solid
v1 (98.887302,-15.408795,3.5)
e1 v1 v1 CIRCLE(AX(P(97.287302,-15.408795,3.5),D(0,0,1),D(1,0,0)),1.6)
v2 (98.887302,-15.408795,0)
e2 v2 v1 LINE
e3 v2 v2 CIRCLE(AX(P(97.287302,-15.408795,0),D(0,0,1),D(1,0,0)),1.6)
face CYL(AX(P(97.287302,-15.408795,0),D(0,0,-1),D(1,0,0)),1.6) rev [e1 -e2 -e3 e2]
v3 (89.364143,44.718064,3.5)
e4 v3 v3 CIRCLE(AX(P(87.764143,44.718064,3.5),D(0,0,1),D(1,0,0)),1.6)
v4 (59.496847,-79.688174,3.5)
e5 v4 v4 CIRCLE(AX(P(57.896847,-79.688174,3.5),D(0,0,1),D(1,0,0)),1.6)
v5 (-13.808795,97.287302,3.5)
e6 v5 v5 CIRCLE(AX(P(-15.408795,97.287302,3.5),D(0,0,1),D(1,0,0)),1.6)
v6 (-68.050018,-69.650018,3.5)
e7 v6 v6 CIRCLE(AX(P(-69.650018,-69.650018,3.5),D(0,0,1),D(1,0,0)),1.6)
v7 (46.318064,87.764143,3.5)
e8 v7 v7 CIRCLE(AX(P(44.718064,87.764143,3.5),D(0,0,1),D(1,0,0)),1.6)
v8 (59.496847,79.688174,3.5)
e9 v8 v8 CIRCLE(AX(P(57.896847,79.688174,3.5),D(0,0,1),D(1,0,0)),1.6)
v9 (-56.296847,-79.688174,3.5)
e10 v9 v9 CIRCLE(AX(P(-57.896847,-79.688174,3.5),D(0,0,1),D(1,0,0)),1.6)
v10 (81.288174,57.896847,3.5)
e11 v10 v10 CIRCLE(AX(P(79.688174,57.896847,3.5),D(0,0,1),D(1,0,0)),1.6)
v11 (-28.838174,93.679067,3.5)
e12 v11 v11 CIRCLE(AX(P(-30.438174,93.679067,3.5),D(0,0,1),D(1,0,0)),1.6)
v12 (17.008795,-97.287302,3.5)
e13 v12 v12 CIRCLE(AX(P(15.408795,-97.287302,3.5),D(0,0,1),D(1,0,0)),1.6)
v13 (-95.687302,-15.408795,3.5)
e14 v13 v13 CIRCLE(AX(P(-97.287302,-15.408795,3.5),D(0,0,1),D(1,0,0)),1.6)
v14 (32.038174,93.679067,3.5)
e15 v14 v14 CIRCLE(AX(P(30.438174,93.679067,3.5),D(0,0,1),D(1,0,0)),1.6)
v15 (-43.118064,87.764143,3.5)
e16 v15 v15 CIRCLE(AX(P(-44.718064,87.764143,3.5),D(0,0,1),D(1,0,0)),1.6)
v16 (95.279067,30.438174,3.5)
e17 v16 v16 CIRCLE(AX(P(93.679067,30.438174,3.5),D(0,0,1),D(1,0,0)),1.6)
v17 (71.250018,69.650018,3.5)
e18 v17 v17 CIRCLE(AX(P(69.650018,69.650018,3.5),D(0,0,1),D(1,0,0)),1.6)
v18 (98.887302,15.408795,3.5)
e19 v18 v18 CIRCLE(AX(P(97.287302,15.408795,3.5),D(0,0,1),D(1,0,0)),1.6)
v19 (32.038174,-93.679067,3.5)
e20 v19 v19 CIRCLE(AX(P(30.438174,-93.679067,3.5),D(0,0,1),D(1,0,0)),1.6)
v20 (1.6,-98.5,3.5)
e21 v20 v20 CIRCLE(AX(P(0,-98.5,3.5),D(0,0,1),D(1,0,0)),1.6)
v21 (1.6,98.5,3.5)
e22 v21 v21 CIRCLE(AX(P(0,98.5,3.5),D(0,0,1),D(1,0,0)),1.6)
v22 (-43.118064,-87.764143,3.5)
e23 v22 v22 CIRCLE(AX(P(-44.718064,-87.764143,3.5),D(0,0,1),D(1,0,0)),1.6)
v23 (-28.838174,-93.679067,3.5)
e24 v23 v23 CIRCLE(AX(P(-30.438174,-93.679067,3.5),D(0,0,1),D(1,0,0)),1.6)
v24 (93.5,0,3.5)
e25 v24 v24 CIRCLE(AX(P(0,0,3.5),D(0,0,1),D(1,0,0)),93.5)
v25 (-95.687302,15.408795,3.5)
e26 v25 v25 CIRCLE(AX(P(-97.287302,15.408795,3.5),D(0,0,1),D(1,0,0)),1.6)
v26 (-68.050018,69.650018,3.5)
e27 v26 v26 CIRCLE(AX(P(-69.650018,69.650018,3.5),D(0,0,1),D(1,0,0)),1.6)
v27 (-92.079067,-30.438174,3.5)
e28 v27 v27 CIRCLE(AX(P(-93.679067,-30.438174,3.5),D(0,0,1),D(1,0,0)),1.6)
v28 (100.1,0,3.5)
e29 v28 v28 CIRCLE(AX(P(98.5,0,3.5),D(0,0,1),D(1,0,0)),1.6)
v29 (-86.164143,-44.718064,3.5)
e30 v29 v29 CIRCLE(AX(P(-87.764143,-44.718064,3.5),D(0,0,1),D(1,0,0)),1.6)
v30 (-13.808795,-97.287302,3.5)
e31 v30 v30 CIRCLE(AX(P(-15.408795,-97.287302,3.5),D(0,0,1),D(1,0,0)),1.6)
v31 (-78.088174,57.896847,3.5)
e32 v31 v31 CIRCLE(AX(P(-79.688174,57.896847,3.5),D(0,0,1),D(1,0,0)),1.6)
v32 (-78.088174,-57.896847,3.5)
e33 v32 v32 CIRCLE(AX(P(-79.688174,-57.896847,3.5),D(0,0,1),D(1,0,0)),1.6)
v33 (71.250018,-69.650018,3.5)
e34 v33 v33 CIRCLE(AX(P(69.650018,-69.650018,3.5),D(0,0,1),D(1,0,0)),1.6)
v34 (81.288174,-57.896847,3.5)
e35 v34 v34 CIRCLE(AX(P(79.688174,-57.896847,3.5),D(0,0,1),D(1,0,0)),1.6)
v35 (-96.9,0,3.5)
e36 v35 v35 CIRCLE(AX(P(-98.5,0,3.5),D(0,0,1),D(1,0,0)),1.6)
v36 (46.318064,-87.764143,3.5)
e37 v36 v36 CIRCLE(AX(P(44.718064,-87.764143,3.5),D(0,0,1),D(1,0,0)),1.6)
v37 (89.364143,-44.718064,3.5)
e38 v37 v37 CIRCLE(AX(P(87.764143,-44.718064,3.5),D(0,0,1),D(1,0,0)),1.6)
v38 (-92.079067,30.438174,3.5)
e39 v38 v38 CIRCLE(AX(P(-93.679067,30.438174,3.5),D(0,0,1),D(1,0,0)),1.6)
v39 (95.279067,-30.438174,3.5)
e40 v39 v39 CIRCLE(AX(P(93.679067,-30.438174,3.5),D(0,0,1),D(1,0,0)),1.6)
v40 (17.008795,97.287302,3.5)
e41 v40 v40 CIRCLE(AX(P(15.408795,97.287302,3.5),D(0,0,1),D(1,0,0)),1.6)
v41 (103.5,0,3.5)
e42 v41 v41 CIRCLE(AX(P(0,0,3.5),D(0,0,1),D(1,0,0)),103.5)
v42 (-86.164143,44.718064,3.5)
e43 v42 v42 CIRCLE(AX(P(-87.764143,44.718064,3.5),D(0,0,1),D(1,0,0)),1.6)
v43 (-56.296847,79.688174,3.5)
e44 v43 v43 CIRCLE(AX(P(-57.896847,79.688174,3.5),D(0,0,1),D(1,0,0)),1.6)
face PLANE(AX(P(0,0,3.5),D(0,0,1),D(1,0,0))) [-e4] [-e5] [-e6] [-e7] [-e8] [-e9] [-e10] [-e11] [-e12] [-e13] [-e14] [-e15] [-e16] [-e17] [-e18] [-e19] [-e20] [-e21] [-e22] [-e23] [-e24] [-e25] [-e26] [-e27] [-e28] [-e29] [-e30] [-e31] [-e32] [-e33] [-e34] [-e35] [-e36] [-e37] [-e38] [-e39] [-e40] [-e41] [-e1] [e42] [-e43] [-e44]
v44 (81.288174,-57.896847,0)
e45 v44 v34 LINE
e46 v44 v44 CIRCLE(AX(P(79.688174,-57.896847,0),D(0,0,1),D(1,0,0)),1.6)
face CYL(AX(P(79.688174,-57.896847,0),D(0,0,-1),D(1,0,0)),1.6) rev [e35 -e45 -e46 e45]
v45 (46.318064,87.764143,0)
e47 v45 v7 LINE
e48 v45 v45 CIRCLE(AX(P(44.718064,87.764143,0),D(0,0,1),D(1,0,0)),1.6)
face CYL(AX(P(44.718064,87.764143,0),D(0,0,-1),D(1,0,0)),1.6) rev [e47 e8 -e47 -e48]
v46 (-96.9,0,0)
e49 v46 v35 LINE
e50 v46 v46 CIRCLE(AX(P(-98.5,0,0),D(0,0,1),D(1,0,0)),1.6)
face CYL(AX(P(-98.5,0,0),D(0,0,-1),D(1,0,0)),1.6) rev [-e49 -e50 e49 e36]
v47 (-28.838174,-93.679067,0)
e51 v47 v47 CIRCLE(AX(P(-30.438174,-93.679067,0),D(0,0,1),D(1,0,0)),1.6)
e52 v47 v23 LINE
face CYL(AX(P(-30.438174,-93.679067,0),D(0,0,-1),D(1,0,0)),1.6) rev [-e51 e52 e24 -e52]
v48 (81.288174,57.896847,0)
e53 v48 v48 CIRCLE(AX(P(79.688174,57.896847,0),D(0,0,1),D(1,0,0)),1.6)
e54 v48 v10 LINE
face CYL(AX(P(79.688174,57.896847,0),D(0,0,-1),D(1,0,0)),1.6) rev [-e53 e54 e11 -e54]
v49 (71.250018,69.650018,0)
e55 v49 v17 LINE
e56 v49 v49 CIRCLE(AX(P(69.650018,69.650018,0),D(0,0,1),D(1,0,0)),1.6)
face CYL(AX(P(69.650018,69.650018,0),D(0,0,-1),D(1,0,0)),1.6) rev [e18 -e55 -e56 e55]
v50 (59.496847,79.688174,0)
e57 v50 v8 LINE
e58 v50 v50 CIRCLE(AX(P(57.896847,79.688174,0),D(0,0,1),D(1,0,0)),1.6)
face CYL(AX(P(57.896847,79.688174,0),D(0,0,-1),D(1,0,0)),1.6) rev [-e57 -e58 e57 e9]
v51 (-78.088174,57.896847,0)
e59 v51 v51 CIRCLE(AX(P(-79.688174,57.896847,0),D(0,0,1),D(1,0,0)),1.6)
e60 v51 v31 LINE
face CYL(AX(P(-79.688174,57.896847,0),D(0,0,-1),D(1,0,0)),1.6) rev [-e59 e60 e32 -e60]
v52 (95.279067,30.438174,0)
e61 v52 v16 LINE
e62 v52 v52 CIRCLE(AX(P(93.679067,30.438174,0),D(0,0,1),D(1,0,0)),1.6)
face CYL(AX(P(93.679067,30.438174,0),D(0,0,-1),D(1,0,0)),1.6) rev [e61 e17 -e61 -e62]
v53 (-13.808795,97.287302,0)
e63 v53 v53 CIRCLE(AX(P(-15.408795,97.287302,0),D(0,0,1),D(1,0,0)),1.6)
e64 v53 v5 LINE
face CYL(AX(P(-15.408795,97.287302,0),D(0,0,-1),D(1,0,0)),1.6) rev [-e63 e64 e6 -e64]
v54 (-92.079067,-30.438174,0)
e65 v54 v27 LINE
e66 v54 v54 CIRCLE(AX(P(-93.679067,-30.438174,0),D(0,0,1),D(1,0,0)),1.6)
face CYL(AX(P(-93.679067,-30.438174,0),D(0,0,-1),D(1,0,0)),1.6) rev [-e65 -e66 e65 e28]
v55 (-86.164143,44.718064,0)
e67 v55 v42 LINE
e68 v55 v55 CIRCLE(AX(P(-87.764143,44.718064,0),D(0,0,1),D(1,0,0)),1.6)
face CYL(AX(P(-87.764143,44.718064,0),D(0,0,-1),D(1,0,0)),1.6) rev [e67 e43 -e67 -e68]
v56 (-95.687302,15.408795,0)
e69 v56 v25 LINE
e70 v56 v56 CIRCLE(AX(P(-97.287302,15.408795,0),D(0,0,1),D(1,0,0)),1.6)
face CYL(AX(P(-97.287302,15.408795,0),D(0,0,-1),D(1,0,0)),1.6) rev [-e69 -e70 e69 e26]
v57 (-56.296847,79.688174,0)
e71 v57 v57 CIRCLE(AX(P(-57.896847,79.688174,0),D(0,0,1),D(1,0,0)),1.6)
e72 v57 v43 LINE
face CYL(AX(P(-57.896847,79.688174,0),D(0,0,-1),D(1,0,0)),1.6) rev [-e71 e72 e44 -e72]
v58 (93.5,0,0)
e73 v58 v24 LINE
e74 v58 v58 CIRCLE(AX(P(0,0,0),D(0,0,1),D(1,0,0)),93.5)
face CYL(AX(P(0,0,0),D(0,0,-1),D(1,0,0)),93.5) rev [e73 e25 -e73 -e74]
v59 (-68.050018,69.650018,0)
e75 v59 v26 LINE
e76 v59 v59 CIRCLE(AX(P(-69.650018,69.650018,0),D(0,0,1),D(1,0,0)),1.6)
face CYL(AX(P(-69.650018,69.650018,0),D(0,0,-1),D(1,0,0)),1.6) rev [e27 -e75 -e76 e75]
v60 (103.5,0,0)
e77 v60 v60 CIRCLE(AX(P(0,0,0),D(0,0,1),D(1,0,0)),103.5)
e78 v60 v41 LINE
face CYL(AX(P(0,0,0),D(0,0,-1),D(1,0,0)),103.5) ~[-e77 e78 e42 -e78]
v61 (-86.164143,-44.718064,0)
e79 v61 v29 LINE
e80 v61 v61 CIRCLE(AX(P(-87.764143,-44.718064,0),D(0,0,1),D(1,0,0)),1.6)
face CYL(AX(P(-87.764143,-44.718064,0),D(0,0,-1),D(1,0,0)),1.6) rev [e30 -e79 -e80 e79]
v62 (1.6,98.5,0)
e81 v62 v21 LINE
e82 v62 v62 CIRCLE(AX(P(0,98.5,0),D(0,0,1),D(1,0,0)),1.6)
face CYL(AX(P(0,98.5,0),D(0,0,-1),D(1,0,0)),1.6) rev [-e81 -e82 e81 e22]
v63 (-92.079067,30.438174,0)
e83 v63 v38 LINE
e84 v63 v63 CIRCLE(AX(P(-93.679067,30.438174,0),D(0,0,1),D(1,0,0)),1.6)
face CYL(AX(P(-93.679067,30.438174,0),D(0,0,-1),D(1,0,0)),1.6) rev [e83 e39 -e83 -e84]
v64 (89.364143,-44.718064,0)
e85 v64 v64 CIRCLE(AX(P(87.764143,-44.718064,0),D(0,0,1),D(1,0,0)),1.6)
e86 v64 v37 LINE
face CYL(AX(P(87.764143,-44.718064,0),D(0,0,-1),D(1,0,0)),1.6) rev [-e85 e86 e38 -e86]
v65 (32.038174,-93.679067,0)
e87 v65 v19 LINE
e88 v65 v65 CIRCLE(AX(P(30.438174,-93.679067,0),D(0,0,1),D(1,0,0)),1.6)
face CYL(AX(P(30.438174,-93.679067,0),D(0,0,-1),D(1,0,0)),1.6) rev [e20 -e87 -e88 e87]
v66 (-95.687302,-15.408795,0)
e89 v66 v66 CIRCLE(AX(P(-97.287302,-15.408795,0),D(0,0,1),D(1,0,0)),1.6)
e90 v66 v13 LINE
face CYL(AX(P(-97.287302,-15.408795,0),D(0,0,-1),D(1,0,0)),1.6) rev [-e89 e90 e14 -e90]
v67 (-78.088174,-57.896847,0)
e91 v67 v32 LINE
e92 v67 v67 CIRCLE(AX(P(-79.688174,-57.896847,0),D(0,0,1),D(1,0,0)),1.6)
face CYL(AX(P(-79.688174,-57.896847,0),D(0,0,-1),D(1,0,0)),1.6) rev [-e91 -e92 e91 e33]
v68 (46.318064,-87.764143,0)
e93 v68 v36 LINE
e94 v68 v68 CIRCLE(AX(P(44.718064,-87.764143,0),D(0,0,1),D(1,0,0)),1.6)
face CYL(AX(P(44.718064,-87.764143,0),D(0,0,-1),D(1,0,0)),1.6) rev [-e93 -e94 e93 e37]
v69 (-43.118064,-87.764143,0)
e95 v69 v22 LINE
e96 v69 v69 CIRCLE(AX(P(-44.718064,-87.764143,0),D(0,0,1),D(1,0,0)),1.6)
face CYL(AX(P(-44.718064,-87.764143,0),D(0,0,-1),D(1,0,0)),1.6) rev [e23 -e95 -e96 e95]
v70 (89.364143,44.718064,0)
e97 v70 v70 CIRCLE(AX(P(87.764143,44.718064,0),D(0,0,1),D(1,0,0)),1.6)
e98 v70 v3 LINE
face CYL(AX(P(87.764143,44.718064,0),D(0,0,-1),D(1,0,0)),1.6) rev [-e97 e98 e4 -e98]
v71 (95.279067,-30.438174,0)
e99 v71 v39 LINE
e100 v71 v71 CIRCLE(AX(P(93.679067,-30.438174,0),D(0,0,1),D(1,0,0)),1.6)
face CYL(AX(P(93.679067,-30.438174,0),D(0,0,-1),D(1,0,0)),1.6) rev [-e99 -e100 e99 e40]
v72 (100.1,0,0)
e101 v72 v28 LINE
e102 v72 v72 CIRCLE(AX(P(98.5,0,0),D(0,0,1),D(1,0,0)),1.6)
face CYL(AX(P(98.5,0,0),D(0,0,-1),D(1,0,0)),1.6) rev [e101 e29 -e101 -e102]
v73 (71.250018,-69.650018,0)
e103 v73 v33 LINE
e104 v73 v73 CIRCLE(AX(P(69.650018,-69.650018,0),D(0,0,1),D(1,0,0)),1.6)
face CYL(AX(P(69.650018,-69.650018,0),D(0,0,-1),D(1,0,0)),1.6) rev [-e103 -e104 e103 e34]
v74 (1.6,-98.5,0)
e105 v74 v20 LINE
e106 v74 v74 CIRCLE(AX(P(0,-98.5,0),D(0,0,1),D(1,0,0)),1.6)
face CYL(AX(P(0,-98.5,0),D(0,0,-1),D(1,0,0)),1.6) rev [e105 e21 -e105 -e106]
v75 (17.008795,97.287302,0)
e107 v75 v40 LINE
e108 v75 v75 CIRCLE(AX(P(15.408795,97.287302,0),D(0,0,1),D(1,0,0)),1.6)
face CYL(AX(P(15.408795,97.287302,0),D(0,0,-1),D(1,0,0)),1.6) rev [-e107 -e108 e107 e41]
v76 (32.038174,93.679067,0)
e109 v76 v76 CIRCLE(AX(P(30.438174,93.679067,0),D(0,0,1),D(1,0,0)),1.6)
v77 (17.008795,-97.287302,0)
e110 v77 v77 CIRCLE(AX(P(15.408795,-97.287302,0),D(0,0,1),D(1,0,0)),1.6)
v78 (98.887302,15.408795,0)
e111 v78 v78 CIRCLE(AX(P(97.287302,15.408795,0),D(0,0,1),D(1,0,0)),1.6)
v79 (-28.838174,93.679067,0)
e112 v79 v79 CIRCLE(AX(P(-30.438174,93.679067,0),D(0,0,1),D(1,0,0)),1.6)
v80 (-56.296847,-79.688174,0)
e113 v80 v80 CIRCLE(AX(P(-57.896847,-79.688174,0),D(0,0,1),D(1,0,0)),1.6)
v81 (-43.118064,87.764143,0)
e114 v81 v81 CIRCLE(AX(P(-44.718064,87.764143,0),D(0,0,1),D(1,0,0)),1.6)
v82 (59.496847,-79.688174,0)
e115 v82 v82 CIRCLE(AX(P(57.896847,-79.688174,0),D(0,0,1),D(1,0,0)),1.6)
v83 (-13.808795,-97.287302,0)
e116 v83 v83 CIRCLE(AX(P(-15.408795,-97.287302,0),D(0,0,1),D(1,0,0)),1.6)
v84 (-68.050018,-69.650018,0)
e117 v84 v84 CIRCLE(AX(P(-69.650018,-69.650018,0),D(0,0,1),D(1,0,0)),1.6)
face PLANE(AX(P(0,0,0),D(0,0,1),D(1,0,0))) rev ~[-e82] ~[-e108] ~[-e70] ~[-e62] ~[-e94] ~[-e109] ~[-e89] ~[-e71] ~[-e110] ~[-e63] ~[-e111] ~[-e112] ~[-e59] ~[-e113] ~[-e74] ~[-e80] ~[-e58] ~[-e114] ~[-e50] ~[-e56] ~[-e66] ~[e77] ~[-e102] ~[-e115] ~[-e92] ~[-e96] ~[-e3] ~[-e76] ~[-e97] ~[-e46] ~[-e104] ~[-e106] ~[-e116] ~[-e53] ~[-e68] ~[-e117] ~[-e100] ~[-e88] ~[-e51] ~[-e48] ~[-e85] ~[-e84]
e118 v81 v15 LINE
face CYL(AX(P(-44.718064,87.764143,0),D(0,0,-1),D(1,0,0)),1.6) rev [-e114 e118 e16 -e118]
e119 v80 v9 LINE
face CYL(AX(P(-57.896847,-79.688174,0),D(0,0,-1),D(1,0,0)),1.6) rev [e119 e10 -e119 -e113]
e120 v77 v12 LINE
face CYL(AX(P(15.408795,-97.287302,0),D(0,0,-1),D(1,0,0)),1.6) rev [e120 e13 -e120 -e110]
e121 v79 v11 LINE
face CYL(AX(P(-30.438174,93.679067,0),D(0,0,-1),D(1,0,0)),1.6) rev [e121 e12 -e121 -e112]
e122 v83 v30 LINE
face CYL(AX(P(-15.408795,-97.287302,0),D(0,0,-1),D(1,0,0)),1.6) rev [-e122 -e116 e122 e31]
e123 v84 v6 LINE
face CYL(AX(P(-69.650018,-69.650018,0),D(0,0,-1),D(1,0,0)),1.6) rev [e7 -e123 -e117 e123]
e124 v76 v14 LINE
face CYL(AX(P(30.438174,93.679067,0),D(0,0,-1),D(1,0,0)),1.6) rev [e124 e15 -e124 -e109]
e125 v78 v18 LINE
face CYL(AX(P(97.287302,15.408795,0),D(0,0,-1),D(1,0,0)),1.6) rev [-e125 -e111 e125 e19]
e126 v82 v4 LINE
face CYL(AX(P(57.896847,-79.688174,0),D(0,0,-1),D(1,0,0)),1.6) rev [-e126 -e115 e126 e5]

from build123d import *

# Parameters (mm, degrees)
SKETCH_1_R      = 103.5
SKETCH_1_R_2    = 93.5
SKETCH_1_R_3    = 1.6
EXTRUDE_1_DEPTH = 3.5


with BuildPart() as part:
    # 草图1 → 凸台-拉伸1 (new body)
    with BuildSketch(Plane.XY):
        Circle(SKETCH_1_R)
        Circle(SKETCH_1_R_2, mode=Mode.SUBTRACT)
        with Locations((0, 98.5)):
            Circle(SKETCH_1_R_3, mode=Mode.SUBTRACT)
        with Locations((15.408794806, 97.287301549)):
            Circle(SKETCH_1_R_3, mode=Mode.SUBTRACT)
        with Locations((30.438173946, 93.679066855)):
            Circle(SKETCH_1_R_3, mode=Mode.SUBTRACT)
        with Locations((44.718064224, 87.764142633)):
            Circle(SKETCH_1_R_3, mode=Mode.SUBTRACT)
        with Locations((57.896847351, 79.688173946)):
            Circle(SKETCH_1_R_3, mode=Mode.SUBTRACT)
        with Locations((69.650017947, 69.650017947)):
            Circle(SKETCH_1_R_3, mode=Mode.SUBTRACT)
        with Locations((79.688173946, 57.896847351)):
            Circle(SKETCH_1_R_3, mode=Mode.SUBTRACT)
        with Locations((87.764142633, 44.718064224)):
            Circle(SKETCH_1_R_3, mode=Mode.SUBTRACT)
        with Locations((93.679066855, 30.438173946)):
            Circle(SKETCH_1_R_3, mode=Mode.SUBTRACT)
        with Locations((97.287301549, 15.408794806)):
            Circle(SKETCH_1_R_3, mode=Mode.SUBTRACT)
        with Locations((98.5, 0)):
            Circle(SKETCH_1_R_3, mode=Mode.SUBTRACT)
        with Locations((97.287301549, -15.408794806)):
            Circle(SKETCH_1_R_3, mode=Mode.SUBTRACT)
        with Locations((93.679066855, -30.438173946)):
            Circle(SKETCH_1_R_3, mode=Mode.SUBTRACT)
        with Locations((87.764142633, -44.718064224)):
            Circle(SKETCH_1_R_3, mode=Mode.SUBTRACT)
        with Locations((79.688173946, -57.896847351)):
            Circle(SKETCH_1_R_3, mode=Mode.SUBTRACT)
        with Locations((69.650017947, -69.650017947)):
            Circle(SKETCH_1_R_3, mode=Mode.SUBTRACT)
        with Locations((57.896847351, -79.688173946)):
            Circle(SKETCH_1_R_3, mode=Mode.SUBTRACT)
        with Locations((44.718064224, -87.764142633)):
            Circle(SKETCH_1_R_3, mode=Mode.SUBTRACT)
        with Locations((30.438173946, -93.679066855)):
            Circle(SKETCH_1_R_3, mode=Mode.SUBTRACT)
        with Locations((15.408794806, -97.287301549)):
            Circle(SKETCH_1_R_3, mode=Mode.SUBTRACT)
        with Locations((0, -98.5)):
            Circle(SKETCH_1_R_3, mode=Mode.SUBTRACT)
        with Locations((-15.408794806, -97.287301549)):
            Circle(SKETCH_1_R_3, mode=Mode.SUBTRACT)
        with Locations((-30.438173946, -93.679066855)):
            Circle(SKETCH_1_R_3, mode=Mode.SUBTRACT)
        with Locations((-44.718064224, -87.764142633)):
            Circle(SKETCH_1_R_3, mode=Mode.SUBTRACT)
        with Locations((-57.896847351, -79.688173946)):
            Circle(SKETCH_1_R_3, mode=Mode.SUBTRACT)
        with Locations((-69.650017947, -69.650017947)):
            Circle(SKETCH_1_R_3, mode=Mode.SUBTRACT)
        with Locations((-79.688173946, -57.896847351)):
            Circle(SKETCH_1_R_3, mode=Mode.SUBTRACT)
        with Locations((-87.764142633, -44.718064224)):
            Circle(SKETCH_1_R_3, mode=Mode.SUBTRACT)
        with Locations((-93.679066855, -30.438173946)):
            Circle(SKETCH_1_R_3, mode=Mode.SUBTRACT)
        with Locations((-97.287301549, -15.408794806)):
            Circle(SKETCH_1_R_3, mode=Mode.SUBTRACT)
        with Locations((-98.5, 0)):
            Circle(SKETCH_1_R_3, mode=Mode.SUBTRACT)
        with Locations((-97.287301549, 15.408794806)):
            Circle(SKETCH_1_R_3, mode=Mode.SUBTRACT)
        with Locations((-93.679066855, 30.438173946)):
            Circle(SKETCH_1_R_3, mode=Mode.SUBTRACT)
        with Locations((-87.764142633, 44.718064224)):
            Circle(SKETCH_1_R_3, mode=Mode.SUBTRACT)
        with Locations((-79.688173946, 57.896847351)):
            Circle(SKETCH_1_R_3, mode=Mode.SUBTRACT)
        with Locations((-69.650017947, 69.650017947)):
            Circle(SKETCH_1_R_3, mode=Mode.SUBTRACT)
        with Locations((-57.896847351, 79.688173946)):
            Circle(SKETCH_1_R_3, mode=Mode.SUBTRACT)
        with Locations((-44.718064224, 87.764142633)):
            Circle(SKETCH_1_R_3, mode=Mode.SUBTRACT)
        with Locations((-30.438173946, 93.679066855)):
            Circle(SKETCH_1_R_3, mode=Mode.SUBTRACT)
        with Locations((-15.408794806, 97.287301549)):
            Circle(SKETCH_1_R_3, mode=Mode.SUBTRACT)
    extrude(amount=EXTRUDE_1_DEPTH)


solid = part.part
